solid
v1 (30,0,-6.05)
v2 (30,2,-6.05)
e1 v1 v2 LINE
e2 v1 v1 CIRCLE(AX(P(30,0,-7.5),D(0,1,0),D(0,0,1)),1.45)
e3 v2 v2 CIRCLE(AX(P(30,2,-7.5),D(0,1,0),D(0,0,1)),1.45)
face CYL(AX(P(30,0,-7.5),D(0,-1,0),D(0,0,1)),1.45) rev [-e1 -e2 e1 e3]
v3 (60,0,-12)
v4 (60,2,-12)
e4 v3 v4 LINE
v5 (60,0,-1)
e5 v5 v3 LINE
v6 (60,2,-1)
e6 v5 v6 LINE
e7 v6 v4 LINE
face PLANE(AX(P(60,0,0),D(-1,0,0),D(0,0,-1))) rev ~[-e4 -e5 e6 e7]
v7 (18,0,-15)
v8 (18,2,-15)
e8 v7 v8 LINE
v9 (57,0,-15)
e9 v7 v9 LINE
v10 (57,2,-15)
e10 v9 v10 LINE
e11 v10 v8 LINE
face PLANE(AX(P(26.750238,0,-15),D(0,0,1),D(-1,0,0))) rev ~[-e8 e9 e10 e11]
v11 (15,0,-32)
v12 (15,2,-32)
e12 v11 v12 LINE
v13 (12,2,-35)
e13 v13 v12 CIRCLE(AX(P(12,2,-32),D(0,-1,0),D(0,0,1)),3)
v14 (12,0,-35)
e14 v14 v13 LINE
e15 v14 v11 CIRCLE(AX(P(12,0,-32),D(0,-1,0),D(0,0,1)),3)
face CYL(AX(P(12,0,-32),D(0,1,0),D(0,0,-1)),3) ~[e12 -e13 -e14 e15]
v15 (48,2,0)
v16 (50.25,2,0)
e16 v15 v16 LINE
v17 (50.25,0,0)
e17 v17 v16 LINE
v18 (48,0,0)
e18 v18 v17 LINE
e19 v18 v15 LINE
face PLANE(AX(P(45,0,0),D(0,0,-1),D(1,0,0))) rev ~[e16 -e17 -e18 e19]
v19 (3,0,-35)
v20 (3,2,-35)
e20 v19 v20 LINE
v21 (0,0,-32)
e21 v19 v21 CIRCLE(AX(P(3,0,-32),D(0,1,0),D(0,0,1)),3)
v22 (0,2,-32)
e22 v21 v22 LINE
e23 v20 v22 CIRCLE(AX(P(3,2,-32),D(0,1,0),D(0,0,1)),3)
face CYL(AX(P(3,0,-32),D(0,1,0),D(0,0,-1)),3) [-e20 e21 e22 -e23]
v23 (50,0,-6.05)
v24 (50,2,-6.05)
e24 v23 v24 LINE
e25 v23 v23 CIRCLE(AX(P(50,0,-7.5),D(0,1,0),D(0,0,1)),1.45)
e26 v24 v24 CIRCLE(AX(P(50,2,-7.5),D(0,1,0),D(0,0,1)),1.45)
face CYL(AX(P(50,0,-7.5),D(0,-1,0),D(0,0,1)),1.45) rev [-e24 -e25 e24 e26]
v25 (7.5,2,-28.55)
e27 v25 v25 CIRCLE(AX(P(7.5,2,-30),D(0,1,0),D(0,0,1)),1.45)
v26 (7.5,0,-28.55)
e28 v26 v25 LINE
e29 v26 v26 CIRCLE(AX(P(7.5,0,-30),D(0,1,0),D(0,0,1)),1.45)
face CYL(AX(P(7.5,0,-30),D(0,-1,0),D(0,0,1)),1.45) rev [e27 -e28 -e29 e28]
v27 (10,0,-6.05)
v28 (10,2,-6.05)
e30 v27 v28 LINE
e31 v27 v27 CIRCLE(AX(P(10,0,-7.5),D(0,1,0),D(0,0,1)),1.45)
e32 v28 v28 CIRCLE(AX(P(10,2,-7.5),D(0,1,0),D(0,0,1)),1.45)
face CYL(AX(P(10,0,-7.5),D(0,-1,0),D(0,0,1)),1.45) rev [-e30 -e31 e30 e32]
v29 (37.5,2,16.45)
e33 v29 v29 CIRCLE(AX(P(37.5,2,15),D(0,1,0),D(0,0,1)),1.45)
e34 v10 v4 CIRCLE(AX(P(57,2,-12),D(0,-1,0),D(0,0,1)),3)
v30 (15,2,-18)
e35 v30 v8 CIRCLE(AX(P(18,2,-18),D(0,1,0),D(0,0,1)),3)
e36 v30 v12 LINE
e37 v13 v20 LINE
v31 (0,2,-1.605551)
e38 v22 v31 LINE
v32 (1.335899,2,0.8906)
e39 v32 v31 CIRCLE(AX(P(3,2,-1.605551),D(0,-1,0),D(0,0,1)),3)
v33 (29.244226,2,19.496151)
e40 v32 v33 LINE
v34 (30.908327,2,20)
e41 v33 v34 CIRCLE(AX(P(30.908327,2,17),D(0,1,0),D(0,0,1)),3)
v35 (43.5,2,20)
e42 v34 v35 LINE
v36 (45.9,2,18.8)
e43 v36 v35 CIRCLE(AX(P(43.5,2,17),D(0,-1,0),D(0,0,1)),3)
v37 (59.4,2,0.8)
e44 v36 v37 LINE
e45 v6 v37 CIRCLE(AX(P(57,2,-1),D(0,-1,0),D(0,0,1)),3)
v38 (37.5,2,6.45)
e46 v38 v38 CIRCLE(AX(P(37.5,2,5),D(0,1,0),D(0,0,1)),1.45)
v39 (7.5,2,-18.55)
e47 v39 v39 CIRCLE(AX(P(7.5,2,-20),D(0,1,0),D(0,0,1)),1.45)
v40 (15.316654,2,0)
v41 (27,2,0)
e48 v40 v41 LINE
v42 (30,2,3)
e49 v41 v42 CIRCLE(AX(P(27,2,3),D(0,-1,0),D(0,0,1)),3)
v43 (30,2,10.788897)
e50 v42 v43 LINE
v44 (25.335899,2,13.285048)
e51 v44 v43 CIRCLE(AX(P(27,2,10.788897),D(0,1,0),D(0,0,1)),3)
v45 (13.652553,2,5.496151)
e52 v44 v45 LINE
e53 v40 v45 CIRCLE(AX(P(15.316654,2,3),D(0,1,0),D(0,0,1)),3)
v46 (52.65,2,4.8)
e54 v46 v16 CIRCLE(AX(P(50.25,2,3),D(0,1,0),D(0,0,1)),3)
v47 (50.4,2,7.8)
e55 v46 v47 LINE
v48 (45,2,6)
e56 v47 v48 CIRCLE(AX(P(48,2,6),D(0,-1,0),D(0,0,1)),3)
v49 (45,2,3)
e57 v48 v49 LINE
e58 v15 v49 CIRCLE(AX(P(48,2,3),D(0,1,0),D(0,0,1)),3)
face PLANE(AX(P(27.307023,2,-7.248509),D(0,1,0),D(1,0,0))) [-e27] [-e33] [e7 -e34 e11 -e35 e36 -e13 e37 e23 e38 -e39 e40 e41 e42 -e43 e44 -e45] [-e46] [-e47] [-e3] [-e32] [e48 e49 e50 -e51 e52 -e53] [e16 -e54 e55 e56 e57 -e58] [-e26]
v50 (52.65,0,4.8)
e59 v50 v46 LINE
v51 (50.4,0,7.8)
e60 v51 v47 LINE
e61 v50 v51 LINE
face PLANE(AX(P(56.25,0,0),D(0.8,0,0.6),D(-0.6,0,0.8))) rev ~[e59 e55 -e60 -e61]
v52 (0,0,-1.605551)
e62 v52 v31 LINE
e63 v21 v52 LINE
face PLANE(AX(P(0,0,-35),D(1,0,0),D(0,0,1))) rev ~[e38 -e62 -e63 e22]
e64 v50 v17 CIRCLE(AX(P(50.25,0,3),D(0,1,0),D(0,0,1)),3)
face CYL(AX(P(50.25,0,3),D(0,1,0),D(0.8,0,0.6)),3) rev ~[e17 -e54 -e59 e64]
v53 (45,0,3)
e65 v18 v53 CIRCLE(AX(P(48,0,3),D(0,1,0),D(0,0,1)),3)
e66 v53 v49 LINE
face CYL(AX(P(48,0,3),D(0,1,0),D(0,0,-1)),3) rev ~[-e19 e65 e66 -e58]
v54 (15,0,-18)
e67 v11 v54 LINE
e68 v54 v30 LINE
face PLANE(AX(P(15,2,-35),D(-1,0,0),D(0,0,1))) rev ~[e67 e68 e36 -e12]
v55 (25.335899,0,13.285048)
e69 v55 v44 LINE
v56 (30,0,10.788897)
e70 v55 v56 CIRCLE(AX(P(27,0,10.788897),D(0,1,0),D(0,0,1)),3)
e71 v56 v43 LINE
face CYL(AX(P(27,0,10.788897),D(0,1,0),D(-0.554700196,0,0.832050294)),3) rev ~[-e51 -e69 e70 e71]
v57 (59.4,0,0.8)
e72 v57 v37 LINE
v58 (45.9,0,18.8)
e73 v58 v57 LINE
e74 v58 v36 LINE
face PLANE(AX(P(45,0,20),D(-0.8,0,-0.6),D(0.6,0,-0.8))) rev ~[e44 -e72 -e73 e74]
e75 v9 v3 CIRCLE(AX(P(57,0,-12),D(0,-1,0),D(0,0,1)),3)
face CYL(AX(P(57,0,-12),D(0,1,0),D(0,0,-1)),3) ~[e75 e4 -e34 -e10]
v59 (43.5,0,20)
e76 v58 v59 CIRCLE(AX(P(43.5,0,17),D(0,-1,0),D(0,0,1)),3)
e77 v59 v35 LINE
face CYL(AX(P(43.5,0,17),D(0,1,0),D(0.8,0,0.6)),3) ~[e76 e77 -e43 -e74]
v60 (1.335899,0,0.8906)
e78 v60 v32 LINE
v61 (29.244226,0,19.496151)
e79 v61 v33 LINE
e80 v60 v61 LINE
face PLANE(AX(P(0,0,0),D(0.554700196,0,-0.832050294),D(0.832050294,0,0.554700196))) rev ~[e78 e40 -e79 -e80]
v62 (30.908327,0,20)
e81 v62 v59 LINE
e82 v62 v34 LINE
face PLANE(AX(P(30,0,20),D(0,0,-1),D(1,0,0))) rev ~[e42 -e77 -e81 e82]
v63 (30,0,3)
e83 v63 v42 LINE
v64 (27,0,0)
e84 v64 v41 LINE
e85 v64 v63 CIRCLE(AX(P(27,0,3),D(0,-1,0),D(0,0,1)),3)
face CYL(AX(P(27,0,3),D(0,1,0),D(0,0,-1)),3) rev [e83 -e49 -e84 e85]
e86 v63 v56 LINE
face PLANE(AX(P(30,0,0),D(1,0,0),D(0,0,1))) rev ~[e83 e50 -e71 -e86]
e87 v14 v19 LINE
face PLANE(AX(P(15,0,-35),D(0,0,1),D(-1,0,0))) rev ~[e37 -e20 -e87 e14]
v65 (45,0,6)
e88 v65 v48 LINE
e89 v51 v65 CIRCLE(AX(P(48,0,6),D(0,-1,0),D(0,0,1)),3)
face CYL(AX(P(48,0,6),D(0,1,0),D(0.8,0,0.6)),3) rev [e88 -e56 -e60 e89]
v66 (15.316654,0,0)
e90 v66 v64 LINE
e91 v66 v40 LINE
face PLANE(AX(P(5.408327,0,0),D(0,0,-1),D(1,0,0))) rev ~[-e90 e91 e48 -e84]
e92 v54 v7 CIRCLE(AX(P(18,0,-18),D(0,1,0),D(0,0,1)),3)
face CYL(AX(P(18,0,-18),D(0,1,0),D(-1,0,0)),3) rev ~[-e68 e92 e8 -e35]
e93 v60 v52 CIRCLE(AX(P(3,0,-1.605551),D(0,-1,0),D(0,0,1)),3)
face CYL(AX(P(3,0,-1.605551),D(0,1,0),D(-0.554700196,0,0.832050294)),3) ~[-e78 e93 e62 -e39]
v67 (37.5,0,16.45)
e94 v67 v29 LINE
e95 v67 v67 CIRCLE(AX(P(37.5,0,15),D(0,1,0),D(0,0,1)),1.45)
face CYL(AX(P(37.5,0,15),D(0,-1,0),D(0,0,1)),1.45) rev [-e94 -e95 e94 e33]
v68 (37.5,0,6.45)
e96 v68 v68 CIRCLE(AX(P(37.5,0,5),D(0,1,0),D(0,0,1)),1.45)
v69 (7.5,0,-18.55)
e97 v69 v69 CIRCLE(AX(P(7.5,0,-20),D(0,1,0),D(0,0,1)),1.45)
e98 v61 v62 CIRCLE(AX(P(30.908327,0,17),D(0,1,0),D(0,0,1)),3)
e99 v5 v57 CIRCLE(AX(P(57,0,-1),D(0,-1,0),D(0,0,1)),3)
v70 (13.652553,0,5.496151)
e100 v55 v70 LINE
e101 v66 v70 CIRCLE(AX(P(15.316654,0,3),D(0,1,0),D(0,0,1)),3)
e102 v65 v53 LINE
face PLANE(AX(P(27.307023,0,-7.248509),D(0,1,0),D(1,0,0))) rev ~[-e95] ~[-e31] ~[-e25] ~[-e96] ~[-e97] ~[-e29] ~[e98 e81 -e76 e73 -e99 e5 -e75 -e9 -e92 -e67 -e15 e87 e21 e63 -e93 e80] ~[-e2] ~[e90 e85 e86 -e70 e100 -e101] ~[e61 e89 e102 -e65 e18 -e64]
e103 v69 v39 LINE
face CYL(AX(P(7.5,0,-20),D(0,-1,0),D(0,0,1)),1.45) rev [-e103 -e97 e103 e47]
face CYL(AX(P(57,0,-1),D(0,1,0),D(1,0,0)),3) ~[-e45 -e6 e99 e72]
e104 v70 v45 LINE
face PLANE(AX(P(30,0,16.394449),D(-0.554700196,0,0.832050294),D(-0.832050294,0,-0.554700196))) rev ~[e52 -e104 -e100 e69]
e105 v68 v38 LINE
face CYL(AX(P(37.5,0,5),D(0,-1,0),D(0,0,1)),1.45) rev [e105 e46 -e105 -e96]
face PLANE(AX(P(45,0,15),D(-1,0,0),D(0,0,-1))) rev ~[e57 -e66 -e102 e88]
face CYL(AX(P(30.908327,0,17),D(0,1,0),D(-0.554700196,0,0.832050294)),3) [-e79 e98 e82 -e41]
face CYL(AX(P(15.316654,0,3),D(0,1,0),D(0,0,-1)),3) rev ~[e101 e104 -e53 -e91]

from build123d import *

# Parameters (mm, degrees)
SKETCH_1_R          = 1.45
EXTRUDE_1_DEPTH     = 2
CUT_EXTRUDE_1_DEPTH = 70.491006612
FILLET_1_R          = 3


with BuildPart() as part:
    # 草图1 → 凸台-拉伸1 (new body)
    with BuildSketch(Plane(origin=(0, 0, 0), x_dir=(1, 0, 0), z_dir=(0, 1, 0))):
        Polygon((0, 15), (0, 0), (30, -20), (45, -20), (60, 0), (60, 15), (45, 15), (32, 15), (15, 35), (0, 35), align=None)
        Polygon((30, -16.394448725), (5.408326913, 0), (30, 0), align=None, mode=Mode.SUBTRACT)
        with Locations(Location((37.5, -15, 0), (0, 0, 270))):
            Circle(SKETCH_1_R, mode=Mode.SUBTRACT)
        Polygon((45, 0), (56.25, 0), (45, -15), align=None, mode=Mode.SUBTRACT)
        with Locations(Location((37.5, -5, 0), (0, 0, 270))):
            Circle(SKETCH_1_R, mode=Mode.SUBTRACT)
        with Locations(Location((10, 7.5, 0), (0, 0, 270))):
            Circle(SKETCH_1_R, mode=Mode.SUBTRACT)
        with Locations(Location((7.5, 20, 0), (0, 0, 270))):
            Circle(SKETCH_1_R, mode=Mode.SUBTRACT)
        with Locations(Location((7.5, 30, 0), (0, 0, 270))):
            Circle(SKETCH_1_R, mode=Mode.SUBTRACT)
        Polygon((15, 28.82380953), (26.750238101, 15), (15, 15), align=None, mode=Mode.SUBTRACT)
        with Locations(Location((30, 7.5, 0), (0, 0, 270))):
            Circle(SKETCH_1_R, mode=Mode.SUBTRACT)
        with Locations(Location((50, 7.5, 0), (0, 0, 270))):
            Circle(SKETCH_1_R, mode=Mode.SUBTRACT)
    extrude(amount=EXTRUDE_1_DEPTH)

    # 草图2 → 切除-拉伸1 (cut, through all)
    with BuildSketch(Plane(origin=(0, 2, 0), x_dir=(1, 0, 0), z_dir=(0, 1, 0))):
        Polygon((15, 35), (15, 15), (32, 15), align=None)
    extrude(amount=-CUT_EXTRUDE_1_DEPTH, mode=Mode.SUBTRACT)

    # 圆角1
    fillet_1_edges = [part.edges().sort_by_distance(p)[0] for p in [
        (15, 1, -15),
        (45, 1, 15),
        (56.25, 1, 0),
        (45, 1, 0),
        (30, 1, 0),
        (5.408326913, 1, 0),
        (30, 1, 16.394448725),
        (60, 1, -15),
        (60, 1, 0),
        (45, 1, 20),
        (30, 1, 20),
        (0, 1, 0),
        (0, 1, -35),
        (15, 1, -35),
    ]]
    fillet(fillet_1_edges, radius=FILLET_1_R)


solid = part.part
